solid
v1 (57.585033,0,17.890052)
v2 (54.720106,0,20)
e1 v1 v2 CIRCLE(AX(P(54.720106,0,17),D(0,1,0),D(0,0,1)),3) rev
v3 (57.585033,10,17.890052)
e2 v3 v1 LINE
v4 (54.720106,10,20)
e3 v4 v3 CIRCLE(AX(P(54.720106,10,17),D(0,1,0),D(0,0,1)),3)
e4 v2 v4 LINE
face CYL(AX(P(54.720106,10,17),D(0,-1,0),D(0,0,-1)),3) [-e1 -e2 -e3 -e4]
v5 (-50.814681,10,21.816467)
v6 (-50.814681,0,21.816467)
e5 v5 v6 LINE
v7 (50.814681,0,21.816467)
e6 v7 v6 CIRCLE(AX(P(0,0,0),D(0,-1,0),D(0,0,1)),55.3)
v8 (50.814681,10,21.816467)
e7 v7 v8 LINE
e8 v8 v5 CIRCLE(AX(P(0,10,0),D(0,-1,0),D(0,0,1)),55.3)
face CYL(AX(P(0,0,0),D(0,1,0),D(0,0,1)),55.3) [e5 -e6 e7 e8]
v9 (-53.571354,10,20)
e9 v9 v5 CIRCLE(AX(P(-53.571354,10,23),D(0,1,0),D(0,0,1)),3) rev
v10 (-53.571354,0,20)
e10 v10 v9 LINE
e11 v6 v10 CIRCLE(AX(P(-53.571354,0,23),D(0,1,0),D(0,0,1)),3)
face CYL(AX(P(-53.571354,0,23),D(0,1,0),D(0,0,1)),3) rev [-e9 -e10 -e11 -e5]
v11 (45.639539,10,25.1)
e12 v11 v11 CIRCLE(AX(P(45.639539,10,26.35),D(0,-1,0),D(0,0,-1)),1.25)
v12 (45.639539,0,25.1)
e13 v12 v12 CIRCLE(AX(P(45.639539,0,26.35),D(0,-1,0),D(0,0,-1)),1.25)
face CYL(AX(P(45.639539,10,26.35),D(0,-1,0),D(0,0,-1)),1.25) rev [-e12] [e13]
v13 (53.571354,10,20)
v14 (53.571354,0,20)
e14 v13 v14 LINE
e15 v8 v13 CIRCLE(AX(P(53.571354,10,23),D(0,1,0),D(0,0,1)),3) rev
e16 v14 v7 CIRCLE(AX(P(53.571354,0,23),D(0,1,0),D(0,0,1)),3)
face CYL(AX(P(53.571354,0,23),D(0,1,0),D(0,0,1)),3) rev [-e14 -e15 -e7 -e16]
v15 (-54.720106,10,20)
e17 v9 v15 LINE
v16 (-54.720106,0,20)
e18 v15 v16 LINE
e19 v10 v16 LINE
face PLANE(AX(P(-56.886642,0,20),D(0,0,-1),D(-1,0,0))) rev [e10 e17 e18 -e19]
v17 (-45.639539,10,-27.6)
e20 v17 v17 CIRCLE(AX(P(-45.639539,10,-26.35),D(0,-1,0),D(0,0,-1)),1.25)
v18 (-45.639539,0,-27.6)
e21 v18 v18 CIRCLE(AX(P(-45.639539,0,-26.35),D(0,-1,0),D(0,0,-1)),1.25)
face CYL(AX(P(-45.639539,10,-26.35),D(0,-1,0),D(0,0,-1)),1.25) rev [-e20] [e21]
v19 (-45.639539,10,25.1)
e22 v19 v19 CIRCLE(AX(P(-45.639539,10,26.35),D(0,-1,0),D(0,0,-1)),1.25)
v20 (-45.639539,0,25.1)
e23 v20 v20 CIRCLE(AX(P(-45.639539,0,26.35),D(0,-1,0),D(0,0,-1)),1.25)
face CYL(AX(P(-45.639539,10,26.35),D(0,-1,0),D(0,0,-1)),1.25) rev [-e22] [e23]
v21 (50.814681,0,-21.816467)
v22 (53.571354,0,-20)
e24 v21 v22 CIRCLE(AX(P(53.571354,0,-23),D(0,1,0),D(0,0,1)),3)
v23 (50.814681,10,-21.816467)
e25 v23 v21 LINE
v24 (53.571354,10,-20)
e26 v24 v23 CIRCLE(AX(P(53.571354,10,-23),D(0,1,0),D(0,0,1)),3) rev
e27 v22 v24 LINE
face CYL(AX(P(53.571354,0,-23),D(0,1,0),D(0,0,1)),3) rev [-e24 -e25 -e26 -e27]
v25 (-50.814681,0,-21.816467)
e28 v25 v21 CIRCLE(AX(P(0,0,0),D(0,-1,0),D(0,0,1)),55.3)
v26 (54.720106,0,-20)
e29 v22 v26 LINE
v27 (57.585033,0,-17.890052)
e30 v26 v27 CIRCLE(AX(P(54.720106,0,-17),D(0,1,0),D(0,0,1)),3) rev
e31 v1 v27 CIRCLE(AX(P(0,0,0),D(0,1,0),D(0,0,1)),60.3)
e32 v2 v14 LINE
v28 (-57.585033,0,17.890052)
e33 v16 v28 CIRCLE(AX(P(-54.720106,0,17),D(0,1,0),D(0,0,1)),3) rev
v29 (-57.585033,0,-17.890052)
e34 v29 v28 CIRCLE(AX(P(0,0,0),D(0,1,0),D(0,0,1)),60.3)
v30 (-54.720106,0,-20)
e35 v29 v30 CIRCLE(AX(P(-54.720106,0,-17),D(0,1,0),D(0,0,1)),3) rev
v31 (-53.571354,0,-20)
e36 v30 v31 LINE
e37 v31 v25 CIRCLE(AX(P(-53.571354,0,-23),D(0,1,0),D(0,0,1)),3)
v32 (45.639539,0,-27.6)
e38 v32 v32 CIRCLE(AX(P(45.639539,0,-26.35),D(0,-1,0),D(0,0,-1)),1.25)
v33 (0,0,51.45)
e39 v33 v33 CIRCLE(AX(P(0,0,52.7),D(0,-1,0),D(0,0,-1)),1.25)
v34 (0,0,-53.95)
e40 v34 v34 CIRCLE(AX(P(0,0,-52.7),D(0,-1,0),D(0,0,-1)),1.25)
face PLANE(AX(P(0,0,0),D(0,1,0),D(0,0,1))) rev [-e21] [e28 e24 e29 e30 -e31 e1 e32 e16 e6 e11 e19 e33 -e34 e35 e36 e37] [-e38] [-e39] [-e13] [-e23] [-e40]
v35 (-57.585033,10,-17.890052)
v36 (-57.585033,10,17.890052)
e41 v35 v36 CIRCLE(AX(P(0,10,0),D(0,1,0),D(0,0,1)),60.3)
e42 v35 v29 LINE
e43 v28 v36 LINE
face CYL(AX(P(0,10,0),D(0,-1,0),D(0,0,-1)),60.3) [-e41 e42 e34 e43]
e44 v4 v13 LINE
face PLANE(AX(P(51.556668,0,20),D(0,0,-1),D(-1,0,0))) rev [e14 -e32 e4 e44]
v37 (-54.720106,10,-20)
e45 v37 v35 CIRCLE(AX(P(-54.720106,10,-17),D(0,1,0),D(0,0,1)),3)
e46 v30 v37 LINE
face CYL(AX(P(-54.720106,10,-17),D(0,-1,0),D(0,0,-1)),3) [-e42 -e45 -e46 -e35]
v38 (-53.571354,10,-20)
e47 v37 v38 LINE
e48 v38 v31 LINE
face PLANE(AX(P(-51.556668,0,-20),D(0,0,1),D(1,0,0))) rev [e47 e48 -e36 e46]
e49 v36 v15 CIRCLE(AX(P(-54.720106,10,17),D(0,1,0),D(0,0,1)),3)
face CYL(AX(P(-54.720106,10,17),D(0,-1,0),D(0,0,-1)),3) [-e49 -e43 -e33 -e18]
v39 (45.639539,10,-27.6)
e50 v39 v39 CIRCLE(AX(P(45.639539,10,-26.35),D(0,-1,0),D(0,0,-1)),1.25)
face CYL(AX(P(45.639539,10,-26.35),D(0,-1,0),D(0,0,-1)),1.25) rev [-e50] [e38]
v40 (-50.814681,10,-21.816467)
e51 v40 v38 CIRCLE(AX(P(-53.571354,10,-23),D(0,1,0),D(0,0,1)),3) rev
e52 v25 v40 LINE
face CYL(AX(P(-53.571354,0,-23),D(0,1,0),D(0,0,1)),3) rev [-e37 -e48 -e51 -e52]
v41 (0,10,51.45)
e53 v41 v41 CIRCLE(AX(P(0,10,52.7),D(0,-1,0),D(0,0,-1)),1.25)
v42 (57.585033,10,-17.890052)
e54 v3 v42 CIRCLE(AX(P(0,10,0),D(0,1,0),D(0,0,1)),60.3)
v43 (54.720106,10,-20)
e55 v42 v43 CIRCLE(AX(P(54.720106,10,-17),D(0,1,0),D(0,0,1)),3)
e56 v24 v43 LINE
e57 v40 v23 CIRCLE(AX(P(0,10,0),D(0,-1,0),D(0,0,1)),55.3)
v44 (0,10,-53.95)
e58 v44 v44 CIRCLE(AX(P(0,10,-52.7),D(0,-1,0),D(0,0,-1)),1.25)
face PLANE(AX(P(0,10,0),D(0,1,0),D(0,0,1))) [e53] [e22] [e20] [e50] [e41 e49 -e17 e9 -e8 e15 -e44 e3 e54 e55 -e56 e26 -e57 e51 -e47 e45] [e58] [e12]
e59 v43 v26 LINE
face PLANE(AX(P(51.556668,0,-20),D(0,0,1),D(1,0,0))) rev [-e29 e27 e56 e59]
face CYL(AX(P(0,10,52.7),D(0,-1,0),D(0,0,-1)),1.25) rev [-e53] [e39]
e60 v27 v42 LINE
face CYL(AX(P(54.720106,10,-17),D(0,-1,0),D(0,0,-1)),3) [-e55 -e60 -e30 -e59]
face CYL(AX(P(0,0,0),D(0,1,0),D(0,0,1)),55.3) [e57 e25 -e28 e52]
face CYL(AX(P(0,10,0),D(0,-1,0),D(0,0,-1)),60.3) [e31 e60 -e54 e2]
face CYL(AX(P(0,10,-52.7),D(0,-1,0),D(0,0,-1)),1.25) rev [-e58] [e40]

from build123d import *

# Parameters (mm, degrees)
SKETCH_3_R          = 60.3
EXTRUDE_2_DEPTH     = 10
CUT_EXTRUDE_2_DEPTH = 11
FILLET_1_R          = 3
SKETCH_5_R          = 1.25
CUT_EXTRUDE_3_DEPTH = 11


with BuildPart() as part:
    # 草图3 → 凸台-拉伸2 (new body)
    with BuildSketch(Plane(origin=(0, 0, 0), x_dir=(1, 0, 0), z_dir=(0, 1, 0))):
        Circle(SKETCH_3_R)
    extrude(amount=EXTRUDE_2_DEPTH)

    # 草图4 → 切除-拉伸2 (cut, through all)
    with BuildSketch(Plane(origin=(0, 10, 0), x_dir=(1, 0, 0), z_dir=(0, 1, 0))):
        with BuildLine():
            Line((-51.556667852, 20), (-56.886641666, 20))
            ThreePointArc((-56.886641666, 20), (0, 60.3), (56.886641666, 20))
            Line((56.886641666, 20), (51.556667852, 20))
            ThreePointArc((51.556667852, 20), (0, 55.3), (-51.556667852, 20))
        make_face()
        with BuildLine():
            Line((-56.886641666, -20), (-51.556667852, -20))
            ThreePointArc((-51.556667852, -20), (0, -55.3), (51.556667852, -20))
            Line((51.556667852, -20), (56.886641666, -20))
            ThreePointArc((56.886641666, -20), (0, -60.3), (-56.886641666, -20))
        make_face()
    extrude(amount=-CUT_EXTRUDE_2_DEPTH, mode=Mode.SUBTRACT)

    # 圆角1
    fillet_1_edges = [part.edges().sort_by_distance(p)[0] for p in [
        (51.556667852, 5, -20),
        (-51.556667852, 5, -20),
        (-56.886641666, 5, -20),
        (56.886641666, 5, -20),
        (-51.556667852, 5, 20),
        (51.556667852, 5, 20),
        (56.886641666, 5, 20),
        (-56.886641666, 5, 20),
    ]]
    fillet(fillet_1_edges, radius=FILLET_1_R)

    # 草图5 → 切除-拉伸3 (cut, through all)
    with BuildSketch(Plane.XZ):
        with Locations((0, -52.7)):
            Circle(SKETCH_5_R)
        with Locations((-45.639538779, -26.35)):
            Circle(SKETCH_5_R)
        with Locations((-45.639538779, 26.35)):
            Circle(SKETCH_5_R)
        with Locations((0, 52.7)):
            Circle(SKETCH_5_R)
        with Locations((45.639538779, 26.35)):
            Circle(SKETCH_5_R)
        with Locations((45.639538779, -26.35)):
            Circle(SKETCH_5_R)
    extrude(amount=-CUT_EXTRUDE_3_DEPTH, mode=Mode.SUBTRACT)


solid = part.part
